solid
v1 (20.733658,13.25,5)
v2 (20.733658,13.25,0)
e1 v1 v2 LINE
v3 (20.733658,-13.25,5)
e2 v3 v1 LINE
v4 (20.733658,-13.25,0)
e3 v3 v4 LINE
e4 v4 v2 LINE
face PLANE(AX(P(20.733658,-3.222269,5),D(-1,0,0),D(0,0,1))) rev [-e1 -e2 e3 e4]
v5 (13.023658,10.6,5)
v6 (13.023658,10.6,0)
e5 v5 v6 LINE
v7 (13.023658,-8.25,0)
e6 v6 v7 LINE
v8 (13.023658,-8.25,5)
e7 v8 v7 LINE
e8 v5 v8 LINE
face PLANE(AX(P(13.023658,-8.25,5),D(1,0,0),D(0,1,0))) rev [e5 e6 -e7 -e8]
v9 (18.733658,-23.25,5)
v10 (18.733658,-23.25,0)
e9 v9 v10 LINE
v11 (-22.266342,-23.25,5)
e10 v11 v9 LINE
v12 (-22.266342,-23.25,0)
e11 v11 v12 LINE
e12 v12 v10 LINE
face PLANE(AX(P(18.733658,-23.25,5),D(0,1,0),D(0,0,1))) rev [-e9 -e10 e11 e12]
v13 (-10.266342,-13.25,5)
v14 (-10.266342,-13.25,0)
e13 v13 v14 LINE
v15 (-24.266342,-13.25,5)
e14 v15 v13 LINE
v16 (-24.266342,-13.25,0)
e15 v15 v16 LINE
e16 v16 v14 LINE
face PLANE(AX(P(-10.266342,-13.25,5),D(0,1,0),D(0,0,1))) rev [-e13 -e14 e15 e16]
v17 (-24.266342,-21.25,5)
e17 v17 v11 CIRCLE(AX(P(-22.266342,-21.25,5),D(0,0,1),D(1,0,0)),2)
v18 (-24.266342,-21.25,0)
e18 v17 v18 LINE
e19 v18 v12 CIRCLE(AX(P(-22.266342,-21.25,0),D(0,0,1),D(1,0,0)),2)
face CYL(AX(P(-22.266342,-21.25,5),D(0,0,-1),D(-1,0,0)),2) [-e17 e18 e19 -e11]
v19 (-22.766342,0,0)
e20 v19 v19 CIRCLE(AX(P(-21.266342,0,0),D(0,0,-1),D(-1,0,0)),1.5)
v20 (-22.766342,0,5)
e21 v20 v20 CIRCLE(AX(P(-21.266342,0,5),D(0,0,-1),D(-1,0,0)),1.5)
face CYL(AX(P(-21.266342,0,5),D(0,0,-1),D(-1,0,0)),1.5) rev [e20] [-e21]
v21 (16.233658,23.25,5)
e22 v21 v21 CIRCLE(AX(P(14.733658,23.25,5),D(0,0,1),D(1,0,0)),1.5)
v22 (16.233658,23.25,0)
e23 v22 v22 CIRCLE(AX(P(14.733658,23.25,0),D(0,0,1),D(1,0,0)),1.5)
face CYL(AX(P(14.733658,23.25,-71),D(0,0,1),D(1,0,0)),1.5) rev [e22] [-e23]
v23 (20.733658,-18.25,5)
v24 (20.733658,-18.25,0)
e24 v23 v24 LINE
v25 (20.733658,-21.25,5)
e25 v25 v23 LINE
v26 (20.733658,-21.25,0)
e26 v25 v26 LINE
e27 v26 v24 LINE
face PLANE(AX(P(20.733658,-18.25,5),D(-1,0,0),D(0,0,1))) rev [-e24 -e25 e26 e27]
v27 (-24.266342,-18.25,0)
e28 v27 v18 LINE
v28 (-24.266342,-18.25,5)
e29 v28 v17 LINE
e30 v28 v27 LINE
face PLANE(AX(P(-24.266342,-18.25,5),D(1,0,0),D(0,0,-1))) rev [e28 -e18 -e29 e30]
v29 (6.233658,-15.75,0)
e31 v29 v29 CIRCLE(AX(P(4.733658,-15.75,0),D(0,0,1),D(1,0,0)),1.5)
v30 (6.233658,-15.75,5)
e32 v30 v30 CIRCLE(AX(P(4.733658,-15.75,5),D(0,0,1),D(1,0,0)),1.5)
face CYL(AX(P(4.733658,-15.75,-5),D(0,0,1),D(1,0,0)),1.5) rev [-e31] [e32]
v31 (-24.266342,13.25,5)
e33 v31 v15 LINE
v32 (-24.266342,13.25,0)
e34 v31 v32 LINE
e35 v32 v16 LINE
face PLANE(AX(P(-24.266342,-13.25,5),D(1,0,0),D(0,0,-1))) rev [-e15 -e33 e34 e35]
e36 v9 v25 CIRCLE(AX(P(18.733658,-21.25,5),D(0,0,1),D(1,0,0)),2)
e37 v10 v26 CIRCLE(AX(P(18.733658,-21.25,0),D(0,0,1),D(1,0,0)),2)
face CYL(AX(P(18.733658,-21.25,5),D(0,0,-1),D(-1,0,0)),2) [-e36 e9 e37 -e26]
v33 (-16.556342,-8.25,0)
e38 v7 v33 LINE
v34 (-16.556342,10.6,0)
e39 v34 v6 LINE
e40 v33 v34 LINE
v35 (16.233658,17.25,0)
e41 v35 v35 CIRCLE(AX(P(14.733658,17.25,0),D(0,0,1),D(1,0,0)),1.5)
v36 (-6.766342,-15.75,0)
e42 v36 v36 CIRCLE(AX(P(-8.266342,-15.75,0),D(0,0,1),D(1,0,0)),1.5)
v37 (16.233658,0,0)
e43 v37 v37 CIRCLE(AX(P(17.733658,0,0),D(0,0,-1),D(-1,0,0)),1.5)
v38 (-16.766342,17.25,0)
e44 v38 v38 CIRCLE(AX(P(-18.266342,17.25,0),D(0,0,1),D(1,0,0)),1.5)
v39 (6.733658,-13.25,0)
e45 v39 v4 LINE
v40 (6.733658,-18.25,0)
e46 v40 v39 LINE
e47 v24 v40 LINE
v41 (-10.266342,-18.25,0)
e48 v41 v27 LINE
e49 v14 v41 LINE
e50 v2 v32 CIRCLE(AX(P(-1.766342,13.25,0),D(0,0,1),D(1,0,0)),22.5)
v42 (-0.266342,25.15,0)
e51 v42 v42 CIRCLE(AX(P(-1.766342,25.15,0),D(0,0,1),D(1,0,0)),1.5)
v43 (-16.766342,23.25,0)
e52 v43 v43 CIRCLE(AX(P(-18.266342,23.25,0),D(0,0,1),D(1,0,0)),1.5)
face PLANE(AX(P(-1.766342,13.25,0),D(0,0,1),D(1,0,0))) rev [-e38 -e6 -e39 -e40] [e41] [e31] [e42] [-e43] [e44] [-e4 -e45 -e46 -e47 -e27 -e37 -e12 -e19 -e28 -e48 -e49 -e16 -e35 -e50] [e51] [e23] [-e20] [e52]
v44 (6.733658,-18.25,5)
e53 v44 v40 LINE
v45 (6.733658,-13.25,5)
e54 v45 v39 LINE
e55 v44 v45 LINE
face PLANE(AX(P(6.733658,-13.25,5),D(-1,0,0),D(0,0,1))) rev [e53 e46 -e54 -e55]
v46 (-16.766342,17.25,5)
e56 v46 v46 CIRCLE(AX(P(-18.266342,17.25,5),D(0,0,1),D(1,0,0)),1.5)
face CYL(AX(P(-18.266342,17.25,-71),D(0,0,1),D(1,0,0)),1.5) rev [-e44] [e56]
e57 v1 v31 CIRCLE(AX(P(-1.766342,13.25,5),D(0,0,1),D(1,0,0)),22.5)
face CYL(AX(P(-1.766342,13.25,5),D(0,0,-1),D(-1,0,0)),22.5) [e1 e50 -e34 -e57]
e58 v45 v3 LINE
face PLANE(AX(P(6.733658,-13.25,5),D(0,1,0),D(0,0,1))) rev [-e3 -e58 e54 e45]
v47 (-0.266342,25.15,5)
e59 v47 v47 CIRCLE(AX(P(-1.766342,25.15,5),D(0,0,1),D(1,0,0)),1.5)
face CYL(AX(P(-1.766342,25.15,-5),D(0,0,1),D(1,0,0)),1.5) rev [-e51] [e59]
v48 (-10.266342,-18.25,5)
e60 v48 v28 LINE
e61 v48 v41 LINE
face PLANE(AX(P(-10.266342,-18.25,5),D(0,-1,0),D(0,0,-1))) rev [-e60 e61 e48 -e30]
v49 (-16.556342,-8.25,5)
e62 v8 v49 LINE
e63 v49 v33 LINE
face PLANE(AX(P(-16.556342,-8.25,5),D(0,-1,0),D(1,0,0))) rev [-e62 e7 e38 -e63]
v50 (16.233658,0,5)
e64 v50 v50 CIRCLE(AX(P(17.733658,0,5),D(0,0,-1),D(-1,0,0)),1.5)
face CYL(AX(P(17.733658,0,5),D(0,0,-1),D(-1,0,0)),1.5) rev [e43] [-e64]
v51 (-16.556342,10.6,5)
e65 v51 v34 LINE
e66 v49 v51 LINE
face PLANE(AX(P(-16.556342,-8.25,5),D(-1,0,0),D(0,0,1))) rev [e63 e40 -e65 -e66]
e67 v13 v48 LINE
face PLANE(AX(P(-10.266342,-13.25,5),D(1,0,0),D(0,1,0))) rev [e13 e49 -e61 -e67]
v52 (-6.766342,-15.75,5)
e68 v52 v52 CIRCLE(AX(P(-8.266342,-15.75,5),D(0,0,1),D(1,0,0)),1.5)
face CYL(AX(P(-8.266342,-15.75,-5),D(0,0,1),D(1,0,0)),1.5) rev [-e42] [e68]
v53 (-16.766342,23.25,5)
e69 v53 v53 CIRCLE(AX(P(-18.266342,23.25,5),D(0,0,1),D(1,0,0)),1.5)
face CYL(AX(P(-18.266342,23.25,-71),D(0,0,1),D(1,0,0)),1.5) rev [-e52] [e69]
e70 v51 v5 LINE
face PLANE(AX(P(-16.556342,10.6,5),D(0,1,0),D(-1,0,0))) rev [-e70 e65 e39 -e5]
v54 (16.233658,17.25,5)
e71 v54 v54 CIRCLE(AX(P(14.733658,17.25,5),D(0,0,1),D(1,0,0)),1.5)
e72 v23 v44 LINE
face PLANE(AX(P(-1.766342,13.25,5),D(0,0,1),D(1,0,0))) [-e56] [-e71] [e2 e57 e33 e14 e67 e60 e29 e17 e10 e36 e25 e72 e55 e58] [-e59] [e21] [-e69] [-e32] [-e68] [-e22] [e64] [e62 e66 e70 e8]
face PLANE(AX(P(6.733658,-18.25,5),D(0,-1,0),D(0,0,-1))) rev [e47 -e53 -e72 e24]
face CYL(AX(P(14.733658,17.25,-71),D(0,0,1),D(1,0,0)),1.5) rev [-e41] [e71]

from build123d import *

# Parameters (mm, degrees)
RESSALTO_EXTRUS_O2_DEPTH = 5
ESBO_O9_W                = 29.58
ESBO_O9_H                = 18.85
CORTE_EXTRUS_O1_DEPTH    = 5
ESBO_O10_R               = 1.5
CORTE_EXTRUS_O2_DEPTH    = 5
ESBO_O12_R               = 1.5
CORTE_EXTRUS_O3_DEPTH    = 10
ESBO_O13_R               = 1.5
CORTE_EXTRUS_O4_DEPTH    = 10
ESBO_O14_R               = 1.5
CORTE_EXTRUS_O5_DEPTH    = 76


with BuildPart() as part:
    # Esboço8 → Ressalto-extrusão2 (new body)
    with BuildSketch(Plane.XY):
        with BuildLine():
            Line((-24.266341706, -3.25), (-24.266341706, 13.25))
            ThreePointArc((-24.266341706, 13.25), (-1.766341706, 35.75), (20.733658294, 13.25))
            Line((20.733658294, 13.25), (20.733658294, -3.222268622))
            Line((20.733658294, -3.222268622), (20.733658294, -3.25))
            Line((20.733658294, -3.25), (20.733658294, -13.25))
            Line((20.733658294, -13.25), (6.733658294, -13.25))
            Line((6.733658294, -13.25), (6.733658294, -18.25))
            Line((6.733658294, -18.25), (20.733658294, -18.25))
            Line((20.733658294, -18.25), (20.733658294, -21.25))
            ThreePointArc((20.733658294, -21.25), (20.147871857, -22.664213562), (18.733658294, -23.25))
            Line((18.733658294, -23.25), (-22.266341706, -23.25))
            ThreePointArc((-22.266341706, -23.25), (-23.680555268, -22.664213562), (-24.266341706, -21.25))
            Line((-24.266341706, -21.25), (-24.266341706, -18.25))
            Line((-24.266341706, -18.25), (-10.266341706, -18.25))
            Line((-10.266341706, -18.25), (-10.266341706, -13.25))
            Line((-10.266341706, -13.25), (-24.266341706, -13.25))
            Line((-24.266341706, -13.25), (-24.266341706, -3.25))
        make_face()
    extrude(amount=RESSALTO_EXTRUS_O2_DEPTH)

    # Esboço9 → Corte-extrusão1 (cut)
    with BuildSketch(Plane(origin=(0, 0, 0), x_dir=(-1, 0, 0), z_dir=(0, 0, -1))):
        with Locations((1.766341706, 1.175)):
            Rectangle(ESBO_O9_W, ESBO_O9_H)
    extrude(amount=-CORTE_EXTRUS_O1_DEPTH, mode=Mode.SUBTRACT)

    # Esboço10 → Corte-extrusão2 (cut)
    with BuildSketch(Plane(origin=(0, 0, 0), x_dir=(-1, 0, 0), z_dir=(0, 0, -1))):
        with Locations((-17.733658294, 0)):
            Circle(ESBO_O10_R)
        with Locations((21.266341706, 0)):
            Circle(ESBO_O10_R)
    extrude(amount=-CORTE_EXTRUS_O2_DEPTH, mode=Mode.SUBTRACT)

    # Esboço12 → Corte-extrusão3 (cut)
    with BuildSketch(Plane.XY.offset(5)):
        with Locations((4.733658294, -15.75)):
            Circle(ESBO_O12_R)
        with Locations((-8.266341706, -15.75)):
            Circle(ESBO_O12_R)
    extrude(amount=-CORTE_EXTRUS_O3_DEPTH, mode=Mode.SUBTRACT)

    # Esboço13 → Corte-extrusão4 (cut)
    with BuildSketch(Plane.XY.offset(5)):
        with Locations((-1.766341706, 25.15)):
            Circle(ESBO_O13_R)
    extrude(amount=-CORTE_EXTRUS_O4_DEPTH, mode=Mode.SUBTRACT)

    # Esboço14 → Corte-extrusão5 (cut)
    with BuildSketch(Plane.XY.offset(5)):
        with Locations((14.733658294, 17.25)):
            Circle(ESBO_O14_R)
        with Locations((14.733658294, 23.25)):
            Circle(ESBO_O14_R)
        with Locations((-18.266341706, 23.25)):
            Circle(ESBO_O14_R)
        with Locations((-18.266341706, 17.25)):
            Circle(ESBO_O14_R)
    extrude(amount=-CORTE_EXTRUS_O5_DEPTH, mode=Mode.SUBTRACT)


solid = part.part
